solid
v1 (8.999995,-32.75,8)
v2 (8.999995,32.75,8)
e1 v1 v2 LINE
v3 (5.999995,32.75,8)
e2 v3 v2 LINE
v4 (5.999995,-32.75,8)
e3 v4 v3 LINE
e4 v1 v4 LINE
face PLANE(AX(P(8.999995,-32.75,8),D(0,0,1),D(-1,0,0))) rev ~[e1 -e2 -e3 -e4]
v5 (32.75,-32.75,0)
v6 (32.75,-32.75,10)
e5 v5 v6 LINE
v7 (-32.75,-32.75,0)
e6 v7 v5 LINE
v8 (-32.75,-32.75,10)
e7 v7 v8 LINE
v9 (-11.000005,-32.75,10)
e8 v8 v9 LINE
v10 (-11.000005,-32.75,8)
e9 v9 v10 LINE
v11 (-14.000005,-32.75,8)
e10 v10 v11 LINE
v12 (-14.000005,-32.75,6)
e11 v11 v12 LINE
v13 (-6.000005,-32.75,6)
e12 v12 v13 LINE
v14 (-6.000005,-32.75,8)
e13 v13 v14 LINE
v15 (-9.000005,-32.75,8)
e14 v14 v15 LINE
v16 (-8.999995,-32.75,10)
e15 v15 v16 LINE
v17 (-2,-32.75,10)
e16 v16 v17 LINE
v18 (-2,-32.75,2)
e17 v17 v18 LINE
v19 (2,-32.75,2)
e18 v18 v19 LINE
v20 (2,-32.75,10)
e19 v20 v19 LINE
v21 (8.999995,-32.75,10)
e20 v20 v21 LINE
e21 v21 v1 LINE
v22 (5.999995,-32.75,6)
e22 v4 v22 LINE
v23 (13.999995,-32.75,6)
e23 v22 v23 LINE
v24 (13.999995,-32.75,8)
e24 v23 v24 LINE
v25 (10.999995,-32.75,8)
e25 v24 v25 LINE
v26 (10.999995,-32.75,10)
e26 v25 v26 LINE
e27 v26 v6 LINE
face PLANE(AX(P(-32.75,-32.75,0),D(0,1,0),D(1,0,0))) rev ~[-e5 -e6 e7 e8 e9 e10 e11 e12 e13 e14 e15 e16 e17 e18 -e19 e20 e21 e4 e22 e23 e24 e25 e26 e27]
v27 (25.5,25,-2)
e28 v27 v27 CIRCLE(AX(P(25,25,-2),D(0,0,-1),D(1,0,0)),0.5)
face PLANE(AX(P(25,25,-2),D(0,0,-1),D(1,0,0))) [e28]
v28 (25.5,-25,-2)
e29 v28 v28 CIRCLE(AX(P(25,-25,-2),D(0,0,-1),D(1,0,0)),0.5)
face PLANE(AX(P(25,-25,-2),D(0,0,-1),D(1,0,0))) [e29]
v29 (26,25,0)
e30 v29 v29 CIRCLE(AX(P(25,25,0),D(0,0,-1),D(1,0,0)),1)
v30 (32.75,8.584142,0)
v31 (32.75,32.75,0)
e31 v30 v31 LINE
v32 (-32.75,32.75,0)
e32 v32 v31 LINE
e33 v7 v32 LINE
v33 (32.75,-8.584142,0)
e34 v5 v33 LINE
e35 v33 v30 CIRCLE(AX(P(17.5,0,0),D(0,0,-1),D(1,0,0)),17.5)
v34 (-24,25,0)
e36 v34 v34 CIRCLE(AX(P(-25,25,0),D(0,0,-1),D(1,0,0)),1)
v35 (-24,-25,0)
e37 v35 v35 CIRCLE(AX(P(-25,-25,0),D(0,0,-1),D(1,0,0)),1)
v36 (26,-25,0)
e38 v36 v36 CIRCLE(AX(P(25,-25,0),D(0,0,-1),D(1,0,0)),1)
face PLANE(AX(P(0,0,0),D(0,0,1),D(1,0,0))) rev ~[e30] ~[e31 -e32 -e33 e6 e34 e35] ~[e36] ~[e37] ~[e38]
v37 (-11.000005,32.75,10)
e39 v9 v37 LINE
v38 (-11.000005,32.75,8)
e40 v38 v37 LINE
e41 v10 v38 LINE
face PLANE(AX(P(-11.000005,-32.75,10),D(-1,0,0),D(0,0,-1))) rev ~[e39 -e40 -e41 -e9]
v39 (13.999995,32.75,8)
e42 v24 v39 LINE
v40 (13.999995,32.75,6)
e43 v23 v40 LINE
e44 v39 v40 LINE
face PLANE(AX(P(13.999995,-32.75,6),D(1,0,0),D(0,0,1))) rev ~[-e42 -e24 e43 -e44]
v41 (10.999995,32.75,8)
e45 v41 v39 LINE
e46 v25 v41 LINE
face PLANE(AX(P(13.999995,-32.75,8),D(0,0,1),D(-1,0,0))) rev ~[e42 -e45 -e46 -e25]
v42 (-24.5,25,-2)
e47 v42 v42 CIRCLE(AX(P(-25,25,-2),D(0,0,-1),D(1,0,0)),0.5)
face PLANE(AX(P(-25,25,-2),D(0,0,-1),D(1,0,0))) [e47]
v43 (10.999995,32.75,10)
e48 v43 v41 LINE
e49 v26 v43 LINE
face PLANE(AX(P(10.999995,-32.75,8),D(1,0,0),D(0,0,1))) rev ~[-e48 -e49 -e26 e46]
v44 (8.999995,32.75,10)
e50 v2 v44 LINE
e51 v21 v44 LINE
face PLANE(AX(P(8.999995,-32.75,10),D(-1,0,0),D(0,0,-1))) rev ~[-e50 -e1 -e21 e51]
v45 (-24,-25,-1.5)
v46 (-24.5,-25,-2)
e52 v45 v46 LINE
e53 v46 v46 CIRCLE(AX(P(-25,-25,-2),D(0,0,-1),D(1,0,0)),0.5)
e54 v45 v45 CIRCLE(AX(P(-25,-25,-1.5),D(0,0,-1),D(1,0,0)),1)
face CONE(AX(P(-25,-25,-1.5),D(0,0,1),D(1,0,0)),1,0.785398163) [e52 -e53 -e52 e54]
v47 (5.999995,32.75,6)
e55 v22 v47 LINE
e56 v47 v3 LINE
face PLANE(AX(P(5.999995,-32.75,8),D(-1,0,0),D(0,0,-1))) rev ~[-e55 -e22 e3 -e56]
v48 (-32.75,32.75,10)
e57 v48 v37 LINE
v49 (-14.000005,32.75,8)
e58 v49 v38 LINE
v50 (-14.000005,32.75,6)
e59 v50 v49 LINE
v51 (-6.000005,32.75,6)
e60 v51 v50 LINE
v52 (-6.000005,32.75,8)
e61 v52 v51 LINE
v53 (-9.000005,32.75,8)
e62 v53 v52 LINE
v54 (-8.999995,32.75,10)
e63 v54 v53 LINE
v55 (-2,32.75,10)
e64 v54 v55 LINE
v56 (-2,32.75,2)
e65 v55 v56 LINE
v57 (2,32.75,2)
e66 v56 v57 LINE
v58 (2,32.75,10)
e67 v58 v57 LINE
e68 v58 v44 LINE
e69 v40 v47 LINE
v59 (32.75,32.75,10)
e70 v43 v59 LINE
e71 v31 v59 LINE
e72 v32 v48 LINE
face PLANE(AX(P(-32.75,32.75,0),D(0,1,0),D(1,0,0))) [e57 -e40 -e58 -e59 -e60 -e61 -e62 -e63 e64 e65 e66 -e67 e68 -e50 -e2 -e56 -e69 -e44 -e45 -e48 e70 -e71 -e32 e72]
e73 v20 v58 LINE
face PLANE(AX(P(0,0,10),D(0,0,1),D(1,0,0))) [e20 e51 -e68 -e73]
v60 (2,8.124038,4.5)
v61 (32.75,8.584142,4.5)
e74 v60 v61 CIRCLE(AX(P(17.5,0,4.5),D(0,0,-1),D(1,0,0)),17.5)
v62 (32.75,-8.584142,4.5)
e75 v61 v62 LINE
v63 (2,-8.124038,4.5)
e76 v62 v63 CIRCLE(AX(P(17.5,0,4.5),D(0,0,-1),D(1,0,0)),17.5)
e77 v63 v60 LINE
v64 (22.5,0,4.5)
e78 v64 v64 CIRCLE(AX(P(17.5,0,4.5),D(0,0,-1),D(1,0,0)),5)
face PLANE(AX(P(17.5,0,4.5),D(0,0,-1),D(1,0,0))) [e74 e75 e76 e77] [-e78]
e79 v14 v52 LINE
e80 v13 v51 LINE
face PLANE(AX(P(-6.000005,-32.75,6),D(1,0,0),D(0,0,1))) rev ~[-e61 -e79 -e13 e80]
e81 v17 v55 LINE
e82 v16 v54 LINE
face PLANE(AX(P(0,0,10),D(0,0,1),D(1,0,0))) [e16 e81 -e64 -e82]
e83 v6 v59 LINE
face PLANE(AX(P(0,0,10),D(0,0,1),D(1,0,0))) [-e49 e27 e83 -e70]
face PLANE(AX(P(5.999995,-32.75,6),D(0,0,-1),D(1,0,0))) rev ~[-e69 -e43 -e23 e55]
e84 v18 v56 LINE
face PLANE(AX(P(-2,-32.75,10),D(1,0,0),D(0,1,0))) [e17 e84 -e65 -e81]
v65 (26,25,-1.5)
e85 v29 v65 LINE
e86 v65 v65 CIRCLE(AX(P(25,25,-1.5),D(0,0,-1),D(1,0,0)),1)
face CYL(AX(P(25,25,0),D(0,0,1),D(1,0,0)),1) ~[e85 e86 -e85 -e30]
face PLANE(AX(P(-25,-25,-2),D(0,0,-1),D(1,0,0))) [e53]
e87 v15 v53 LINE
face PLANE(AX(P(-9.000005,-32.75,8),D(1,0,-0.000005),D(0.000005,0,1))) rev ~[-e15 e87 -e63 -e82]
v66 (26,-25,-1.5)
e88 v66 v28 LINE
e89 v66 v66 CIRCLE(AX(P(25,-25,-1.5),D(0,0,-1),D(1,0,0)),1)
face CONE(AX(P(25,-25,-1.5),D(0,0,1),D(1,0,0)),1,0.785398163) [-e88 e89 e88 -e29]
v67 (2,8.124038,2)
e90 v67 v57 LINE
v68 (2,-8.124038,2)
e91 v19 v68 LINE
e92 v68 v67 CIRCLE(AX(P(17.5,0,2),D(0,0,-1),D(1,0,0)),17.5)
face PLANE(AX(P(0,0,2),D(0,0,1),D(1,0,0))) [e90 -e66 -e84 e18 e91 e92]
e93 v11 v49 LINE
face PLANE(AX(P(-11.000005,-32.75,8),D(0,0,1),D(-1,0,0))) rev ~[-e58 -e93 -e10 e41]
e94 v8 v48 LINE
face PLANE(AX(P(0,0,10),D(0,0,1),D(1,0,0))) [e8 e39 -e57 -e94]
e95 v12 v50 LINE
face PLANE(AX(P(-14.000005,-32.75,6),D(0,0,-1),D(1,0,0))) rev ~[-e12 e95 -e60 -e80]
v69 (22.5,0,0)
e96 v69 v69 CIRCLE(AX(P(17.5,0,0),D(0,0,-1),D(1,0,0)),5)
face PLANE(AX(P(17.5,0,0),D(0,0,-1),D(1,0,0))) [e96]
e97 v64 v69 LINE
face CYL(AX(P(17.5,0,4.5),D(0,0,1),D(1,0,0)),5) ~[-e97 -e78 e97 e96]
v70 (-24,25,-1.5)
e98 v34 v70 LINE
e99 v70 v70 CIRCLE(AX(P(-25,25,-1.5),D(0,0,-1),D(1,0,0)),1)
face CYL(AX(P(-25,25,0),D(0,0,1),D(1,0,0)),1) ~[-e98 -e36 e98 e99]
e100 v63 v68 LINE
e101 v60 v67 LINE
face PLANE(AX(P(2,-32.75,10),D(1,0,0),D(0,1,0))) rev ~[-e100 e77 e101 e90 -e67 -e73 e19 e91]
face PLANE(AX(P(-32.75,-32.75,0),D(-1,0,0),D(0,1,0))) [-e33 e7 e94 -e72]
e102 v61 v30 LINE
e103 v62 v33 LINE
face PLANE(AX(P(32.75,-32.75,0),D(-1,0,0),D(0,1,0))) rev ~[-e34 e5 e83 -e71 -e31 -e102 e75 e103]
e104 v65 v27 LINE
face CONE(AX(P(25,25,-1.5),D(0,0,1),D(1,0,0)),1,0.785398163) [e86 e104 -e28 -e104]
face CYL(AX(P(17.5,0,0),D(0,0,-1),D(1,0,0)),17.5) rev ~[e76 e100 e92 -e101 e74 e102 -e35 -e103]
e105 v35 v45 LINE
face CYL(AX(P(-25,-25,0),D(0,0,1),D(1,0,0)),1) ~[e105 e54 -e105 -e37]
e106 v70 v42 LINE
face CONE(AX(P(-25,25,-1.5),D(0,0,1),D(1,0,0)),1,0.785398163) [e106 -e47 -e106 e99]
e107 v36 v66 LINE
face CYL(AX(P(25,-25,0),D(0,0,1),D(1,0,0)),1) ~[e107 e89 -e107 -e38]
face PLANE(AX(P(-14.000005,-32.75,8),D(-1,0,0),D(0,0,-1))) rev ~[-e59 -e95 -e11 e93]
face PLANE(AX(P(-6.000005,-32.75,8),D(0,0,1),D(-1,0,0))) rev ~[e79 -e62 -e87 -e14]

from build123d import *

# Parameters (mm, degrees)
SKETCH_W        = 65.5
SKETCH_H        = 65.5
PAD_DEPTH       = 10
POCKET_DEPTH    = 65.501
SKETCH002_W     = 4
SKETCH002_H     = 65.5
POCKET001_DEPTH = 8
SKETCH003_R     = 17.5
POCKET002_DEPTH = 4.5
SKETCH004_R     = 5
PAD001_DEPTH    = 4.5
SKETCH005_R     = 1
PAD002_DEPTH    = 2
CHAMFER_SIZE    = 0.5


with BuildPart() as part:
    # Sketch → Pad (new body)
    with BuildSketch(Plane.XY):
        Rectangle(SKETCH_W, SKETCH_H)
    extrude(amount=PAD_DEPTH)

    # Sketch001 (on Face3 of Pad) → Pocket (cut, through all)
    with BuildSketch(Plane.XZ.offset(32.75)):
        Polygon((-11.000005, 10), (-11.000005, 8), (-14.000005, 8), (-14.000005, 6), (-6.000005, 6), (-6.000005, 8), (-9.000005, 8), (-8.999995, 10), align=None)
        Polygon((8.999995, 10), (8.999995, 8), (5.999995, 8), (5.999995, 6), (13.999995, 6), (13.999995, 8), (10.999995, 8), (10.999995, 10), align=None)
    extrude(amount=-POCKET_DEPTH, mode=Mode.SUBTRACT)

    # Sketch002 (on Face12 of Pocket) → Pocket001 (cut)
    with BuildSketch(Plane.XY.offset(10)):
        Rectangle(SKETCH002_W, SKETCH002_H)
    extrude(amount=-POCKET001_DEPTH, mode=Mode.SUBTRACT)

    # Sketch003 (on Face2 of Pocket001) → Pocket002 (cut)
    with BuildSketch(Plane(origin=(0, 0, 0), x_dir=(1, 0, 0), z_dir=(0, 0, -1))):
        with Locations((17.5, 0)):
            Circle(SKETCH003_R)
    extrude(amount=-POCKET002_DEPTH, mode=Mode.SUBTRACT)

    # Sketch004 (on Face28 of Pocket002) → Pad001 (join)
    with BuildSketch(Plane(origin=(0, 0, 4.5), x_dir=(1, 0, 0), z_dir=(0, 0, -1))):
        with Locations((17.5, 0)):
            Circle(SKETCH004_R)
    extrude(amount=PAD001_DEPTH)

    # Sketch005 (on Face2 of Pad001) → Pad002 (join)
    with BuildSketch(Plane(origin=(0, 0, 0), x_dir=(1, 0, 0), z_dir=(0, 0, -1))):
        with Locations((-25, 25)):
            Circle(SKETCH005_R)
        with Locations((25, 25)):
            Circle(SKETCH005_R)
        with Locations((-25, -25)):
            Circle(SKETCH005_R)
        with Locations((25, -25)):
            Circle(SKETCH005_R)
    extrude(amount=PAD002_DEPTH)

    # Chamfer
    chamfer_edges = [part.edges().sort_by_distance(p)[0] for p in [
        (-26, -25, -2),
        (-26, 25, -2),
        (24, 25, -2),
        (24, -25, -2),
    ]]
    chamfer(chamfer_edges, length=CHAMFER_SIZE)


solid = part.part
